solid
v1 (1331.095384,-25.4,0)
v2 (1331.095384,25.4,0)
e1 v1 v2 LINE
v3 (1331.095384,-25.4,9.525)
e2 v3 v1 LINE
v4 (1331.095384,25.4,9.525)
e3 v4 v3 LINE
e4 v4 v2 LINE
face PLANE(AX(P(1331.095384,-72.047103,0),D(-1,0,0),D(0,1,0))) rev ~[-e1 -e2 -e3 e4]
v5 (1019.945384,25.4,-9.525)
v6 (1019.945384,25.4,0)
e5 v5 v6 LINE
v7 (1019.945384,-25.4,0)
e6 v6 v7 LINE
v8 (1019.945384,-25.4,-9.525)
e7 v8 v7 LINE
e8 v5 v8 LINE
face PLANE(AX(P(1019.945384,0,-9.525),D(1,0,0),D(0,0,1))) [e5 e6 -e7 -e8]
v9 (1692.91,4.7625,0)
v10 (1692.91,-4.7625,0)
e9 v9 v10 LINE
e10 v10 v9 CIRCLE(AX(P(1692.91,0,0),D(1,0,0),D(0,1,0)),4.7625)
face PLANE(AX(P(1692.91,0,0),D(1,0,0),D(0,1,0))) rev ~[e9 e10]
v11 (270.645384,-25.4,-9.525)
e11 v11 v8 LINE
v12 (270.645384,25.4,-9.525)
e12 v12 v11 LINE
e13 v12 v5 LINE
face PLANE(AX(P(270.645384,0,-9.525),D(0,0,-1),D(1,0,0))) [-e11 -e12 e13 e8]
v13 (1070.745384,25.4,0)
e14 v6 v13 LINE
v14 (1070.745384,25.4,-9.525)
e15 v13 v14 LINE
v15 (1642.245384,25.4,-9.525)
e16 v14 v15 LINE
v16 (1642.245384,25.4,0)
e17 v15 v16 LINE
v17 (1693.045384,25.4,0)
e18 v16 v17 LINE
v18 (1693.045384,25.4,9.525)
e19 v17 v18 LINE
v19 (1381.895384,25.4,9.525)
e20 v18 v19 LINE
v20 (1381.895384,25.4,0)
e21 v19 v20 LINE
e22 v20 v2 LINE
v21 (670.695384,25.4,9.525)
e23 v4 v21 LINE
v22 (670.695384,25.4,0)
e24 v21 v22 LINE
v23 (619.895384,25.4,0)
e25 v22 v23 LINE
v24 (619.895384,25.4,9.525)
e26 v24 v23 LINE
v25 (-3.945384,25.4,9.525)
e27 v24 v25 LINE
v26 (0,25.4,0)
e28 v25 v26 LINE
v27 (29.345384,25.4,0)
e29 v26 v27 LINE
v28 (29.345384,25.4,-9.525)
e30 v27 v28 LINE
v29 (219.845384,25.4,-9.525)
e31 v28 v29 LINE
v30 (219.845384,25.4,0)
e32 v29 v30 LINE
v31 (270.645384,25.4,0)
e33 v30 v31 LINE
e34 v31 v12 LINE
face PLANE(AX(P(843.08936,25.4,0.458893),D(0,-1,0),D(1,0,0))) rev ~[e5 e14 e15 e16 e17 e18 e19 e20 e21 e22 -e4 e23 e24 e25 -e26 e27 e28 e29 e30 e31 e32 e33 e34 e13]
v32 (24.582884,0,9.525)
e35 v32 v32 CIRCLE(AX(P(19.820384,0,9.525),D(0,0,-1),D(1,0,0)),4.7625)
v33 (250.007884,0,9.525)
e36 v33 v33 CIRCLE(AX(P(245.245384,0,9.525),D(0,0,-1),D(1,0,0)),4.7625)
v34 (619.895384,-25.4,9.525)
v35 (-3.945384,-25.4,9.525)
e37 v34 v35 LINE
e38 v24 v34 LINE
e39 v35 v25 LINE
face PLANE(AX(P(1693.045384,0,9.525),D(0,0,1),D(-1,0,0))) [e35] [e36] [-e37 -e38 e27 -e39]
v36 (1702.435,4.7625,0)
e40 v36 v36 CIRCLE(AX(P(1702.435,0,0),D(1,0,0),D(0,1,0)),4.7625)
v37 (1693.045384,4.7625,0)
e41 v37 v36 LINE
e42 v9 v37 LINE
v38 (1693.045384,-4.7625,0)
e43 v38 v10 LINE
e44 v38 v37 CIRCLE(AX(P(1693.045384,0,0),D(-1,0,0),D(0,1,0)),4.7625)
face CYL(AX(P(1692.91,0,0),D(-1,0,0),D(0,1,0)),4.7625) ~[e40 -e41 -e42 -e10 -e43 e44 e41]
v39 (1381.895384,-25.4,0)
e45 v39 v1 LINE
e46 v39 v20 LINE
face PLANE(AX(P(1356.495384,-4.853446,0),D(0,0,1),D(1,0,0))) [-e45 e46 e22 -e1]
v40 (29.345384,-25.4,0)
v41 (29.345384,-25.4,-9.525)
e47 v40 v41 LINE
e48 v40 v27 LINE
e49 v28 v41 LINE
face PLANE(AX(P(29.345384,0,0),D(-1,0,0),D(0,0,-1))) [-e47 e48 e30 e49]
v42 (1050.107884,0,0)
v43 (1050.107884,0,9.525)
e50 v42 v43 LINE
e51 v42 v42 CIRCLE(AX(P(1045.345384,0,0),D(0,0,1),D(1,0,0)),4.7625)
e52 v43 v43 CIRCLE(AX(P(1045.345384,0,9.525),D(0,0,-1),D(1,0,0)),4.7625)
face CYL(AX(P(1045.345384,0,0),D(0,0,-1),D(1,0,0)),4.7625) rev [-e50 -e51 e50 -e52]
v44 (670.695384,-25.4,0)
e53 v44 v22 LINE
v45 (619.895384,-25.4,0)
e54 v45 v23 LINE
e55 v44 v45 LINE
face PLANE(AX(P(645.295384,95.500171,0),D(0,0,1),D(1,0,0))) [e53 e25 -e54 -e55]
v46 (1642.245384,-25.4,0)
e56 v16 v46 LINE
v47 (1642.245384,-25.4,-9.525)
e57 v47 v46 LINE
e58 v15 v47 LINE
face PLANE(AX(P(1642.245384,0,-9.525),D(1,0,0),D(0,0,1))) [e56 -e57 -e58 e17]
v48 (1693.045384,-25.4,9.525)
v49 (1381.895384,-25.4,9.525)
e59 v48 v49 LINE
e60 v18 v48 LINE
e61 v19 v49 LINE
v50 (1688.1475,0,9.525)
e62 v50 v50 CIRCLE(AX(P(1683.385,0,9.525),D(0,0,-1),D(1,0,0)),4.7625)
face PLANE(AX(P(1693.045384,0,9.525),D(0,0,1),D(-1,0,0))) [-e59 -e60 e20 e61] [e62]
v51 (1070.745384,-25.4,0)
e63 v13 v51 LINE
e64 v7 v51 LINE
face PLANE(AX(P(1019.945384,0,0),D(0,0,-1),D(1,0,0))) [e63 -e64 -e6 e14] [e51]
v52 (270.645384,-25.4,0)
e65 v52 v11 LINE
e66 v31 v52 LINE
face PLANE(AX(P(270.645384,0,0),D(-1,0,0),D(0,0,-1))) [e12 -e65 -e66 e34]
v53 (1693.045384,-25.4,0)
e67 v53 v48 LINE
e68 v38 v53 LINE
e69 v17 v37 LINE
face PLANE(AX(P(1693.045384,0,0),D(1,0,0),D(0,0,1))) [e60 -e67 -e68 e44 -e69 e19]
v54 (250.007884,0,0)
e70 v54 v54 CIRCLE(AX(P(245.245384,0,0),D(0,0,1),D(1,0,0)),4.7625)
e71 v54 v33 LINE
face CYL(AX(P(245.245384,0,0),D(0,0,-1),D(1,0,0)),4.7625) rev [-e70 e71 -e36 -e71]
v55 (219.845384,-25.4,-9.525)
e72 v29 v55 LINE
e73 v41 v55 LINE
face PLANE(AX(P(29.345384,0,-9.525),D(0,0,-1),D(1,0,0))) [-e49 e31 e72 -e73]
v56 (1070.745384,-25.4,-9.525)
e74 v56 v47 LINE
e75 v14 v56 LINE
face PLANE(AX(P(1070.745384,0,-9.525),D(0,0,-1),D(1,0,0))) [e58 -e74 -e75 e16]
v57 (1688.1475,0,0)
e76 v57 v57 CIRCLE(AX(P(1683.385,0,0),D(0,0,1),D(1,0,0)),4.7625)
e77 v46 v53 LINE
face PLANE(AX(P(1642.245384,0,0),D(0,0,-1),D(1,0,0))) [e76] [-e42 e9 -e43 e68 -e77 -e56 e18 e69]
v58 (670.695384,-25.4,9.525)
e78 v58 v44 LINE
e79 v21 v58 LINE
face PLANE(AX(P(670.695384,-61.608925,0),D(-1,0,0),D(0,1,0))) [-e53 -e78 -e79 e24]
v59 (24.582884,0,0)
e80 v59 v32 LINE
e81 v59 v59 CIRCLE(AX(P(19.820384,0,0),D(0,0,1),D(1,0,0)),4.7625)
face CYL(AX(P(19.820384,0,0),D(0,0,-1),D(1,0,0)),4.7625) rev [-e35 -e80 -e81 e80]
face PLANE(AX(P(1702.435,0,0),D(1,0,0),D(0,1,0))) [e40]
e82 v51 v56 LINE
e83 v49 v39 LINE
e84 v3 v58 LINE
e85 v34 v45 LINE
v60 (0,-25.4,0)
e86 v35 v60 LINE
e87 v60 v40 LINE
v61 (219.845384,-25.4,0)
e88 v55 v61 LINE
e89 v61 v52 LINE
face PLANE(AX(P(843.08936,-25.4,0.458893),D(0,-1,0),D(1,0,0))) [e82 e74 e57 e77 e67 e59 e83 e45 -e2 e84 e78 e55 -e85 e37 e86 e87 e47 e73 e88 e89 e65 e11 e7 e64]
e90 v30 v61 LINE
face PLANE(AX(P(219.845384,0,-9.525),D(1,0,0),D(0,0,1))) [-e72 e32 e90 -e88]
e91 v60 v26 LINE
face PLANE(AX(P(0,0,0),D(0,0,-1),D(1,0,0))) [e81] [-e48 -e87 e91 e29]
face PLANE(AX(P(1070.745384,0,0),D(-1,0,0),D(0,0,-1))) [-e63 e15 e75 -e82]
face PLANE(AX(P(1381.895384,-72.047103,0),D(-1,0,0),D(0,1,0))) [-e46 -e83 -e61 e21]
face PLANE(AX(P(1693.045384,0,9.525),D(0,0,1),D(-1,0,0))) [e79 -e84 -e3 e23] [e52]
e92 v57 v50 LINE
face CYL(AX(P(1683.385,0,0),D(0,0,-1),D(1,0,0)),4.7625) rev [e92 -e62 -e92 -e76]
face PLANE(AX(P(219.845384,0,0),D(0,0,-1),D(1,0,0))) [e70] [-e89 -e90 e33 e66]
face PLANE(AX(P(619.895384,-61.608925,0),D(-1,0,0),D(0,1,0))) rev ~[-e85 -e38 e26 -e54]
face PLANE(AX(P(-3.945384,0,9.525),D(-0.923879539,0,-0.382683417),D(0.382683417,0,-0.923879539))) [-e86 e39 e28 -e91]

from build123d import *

# Parameters (mm, degrees)
F1_DEPTH = 25.4
F3_R     = 4.7625
F4_DEPTH = 9.525
F5_R     = 4.7625
F6_DEPTH = 25.4
F7_W     = 50.8
F7_H     = 314.218193
F7_H_2   = 134.387314
F8_DEPTH = 25.4


with BuildPart() as f1:
    # F0 (on Front) → F1 (new body, symmetric)
    with BuildSketch(Plane.XZ):
        Polygon((29.345384, 0), (29.345384, -9.525), (219.845384, -9.525), (219.845384, 0), (270.645384, 0), (270.645384, -9.525), (1019.945384, -9.525), (1019.945384, 0), (1070.745384, 0), (1070.745384, -9.525), (1642.245384, -9.525), (1642.245384, 0), (1693.045384, 0), (1693.045384, 9.525), (-3.945384, 9.525), (0, 0), align=None)
    extrude(amount=F1_DEPTH, both=True)

    # F3 (on offset) → F4 (join)
    with BuildSketch(Plane.YZ.offset(1692.91)):
        Circle(F3_R)
    extrude(amount=F4_DEPTH)

    # F5 (on Top) → F6 (cut)
    with BuildSketch(Plane.XY):
        with Locations((245.245384, 0)):
            Circle(F5_R)
        with Locations((1045.345384, 0)):
            Circle(F5_R)
        with Locations((1683.385, 0)):
            Circle(F5_R)
        with Locations((19.820384, 0)):
            Circle(F5_R)
    extrude(amount=F6_DEPTH, mode=Mode.SUBTRACT)

    # F7 (on Top) → F8 (cut)
    with BuildSketch(Plane.XY):
        with Locations((645.295384, 95.500171)):
            Rectangle(F7_W, F7_H)
        with Locations((1356.495384, -4.853446)):
            Rectangle(F7_W, F7_H_2)
    extrude(amount=F8_DEPTH, mode=Mode.SUBTRACT)


solid = f1.part
